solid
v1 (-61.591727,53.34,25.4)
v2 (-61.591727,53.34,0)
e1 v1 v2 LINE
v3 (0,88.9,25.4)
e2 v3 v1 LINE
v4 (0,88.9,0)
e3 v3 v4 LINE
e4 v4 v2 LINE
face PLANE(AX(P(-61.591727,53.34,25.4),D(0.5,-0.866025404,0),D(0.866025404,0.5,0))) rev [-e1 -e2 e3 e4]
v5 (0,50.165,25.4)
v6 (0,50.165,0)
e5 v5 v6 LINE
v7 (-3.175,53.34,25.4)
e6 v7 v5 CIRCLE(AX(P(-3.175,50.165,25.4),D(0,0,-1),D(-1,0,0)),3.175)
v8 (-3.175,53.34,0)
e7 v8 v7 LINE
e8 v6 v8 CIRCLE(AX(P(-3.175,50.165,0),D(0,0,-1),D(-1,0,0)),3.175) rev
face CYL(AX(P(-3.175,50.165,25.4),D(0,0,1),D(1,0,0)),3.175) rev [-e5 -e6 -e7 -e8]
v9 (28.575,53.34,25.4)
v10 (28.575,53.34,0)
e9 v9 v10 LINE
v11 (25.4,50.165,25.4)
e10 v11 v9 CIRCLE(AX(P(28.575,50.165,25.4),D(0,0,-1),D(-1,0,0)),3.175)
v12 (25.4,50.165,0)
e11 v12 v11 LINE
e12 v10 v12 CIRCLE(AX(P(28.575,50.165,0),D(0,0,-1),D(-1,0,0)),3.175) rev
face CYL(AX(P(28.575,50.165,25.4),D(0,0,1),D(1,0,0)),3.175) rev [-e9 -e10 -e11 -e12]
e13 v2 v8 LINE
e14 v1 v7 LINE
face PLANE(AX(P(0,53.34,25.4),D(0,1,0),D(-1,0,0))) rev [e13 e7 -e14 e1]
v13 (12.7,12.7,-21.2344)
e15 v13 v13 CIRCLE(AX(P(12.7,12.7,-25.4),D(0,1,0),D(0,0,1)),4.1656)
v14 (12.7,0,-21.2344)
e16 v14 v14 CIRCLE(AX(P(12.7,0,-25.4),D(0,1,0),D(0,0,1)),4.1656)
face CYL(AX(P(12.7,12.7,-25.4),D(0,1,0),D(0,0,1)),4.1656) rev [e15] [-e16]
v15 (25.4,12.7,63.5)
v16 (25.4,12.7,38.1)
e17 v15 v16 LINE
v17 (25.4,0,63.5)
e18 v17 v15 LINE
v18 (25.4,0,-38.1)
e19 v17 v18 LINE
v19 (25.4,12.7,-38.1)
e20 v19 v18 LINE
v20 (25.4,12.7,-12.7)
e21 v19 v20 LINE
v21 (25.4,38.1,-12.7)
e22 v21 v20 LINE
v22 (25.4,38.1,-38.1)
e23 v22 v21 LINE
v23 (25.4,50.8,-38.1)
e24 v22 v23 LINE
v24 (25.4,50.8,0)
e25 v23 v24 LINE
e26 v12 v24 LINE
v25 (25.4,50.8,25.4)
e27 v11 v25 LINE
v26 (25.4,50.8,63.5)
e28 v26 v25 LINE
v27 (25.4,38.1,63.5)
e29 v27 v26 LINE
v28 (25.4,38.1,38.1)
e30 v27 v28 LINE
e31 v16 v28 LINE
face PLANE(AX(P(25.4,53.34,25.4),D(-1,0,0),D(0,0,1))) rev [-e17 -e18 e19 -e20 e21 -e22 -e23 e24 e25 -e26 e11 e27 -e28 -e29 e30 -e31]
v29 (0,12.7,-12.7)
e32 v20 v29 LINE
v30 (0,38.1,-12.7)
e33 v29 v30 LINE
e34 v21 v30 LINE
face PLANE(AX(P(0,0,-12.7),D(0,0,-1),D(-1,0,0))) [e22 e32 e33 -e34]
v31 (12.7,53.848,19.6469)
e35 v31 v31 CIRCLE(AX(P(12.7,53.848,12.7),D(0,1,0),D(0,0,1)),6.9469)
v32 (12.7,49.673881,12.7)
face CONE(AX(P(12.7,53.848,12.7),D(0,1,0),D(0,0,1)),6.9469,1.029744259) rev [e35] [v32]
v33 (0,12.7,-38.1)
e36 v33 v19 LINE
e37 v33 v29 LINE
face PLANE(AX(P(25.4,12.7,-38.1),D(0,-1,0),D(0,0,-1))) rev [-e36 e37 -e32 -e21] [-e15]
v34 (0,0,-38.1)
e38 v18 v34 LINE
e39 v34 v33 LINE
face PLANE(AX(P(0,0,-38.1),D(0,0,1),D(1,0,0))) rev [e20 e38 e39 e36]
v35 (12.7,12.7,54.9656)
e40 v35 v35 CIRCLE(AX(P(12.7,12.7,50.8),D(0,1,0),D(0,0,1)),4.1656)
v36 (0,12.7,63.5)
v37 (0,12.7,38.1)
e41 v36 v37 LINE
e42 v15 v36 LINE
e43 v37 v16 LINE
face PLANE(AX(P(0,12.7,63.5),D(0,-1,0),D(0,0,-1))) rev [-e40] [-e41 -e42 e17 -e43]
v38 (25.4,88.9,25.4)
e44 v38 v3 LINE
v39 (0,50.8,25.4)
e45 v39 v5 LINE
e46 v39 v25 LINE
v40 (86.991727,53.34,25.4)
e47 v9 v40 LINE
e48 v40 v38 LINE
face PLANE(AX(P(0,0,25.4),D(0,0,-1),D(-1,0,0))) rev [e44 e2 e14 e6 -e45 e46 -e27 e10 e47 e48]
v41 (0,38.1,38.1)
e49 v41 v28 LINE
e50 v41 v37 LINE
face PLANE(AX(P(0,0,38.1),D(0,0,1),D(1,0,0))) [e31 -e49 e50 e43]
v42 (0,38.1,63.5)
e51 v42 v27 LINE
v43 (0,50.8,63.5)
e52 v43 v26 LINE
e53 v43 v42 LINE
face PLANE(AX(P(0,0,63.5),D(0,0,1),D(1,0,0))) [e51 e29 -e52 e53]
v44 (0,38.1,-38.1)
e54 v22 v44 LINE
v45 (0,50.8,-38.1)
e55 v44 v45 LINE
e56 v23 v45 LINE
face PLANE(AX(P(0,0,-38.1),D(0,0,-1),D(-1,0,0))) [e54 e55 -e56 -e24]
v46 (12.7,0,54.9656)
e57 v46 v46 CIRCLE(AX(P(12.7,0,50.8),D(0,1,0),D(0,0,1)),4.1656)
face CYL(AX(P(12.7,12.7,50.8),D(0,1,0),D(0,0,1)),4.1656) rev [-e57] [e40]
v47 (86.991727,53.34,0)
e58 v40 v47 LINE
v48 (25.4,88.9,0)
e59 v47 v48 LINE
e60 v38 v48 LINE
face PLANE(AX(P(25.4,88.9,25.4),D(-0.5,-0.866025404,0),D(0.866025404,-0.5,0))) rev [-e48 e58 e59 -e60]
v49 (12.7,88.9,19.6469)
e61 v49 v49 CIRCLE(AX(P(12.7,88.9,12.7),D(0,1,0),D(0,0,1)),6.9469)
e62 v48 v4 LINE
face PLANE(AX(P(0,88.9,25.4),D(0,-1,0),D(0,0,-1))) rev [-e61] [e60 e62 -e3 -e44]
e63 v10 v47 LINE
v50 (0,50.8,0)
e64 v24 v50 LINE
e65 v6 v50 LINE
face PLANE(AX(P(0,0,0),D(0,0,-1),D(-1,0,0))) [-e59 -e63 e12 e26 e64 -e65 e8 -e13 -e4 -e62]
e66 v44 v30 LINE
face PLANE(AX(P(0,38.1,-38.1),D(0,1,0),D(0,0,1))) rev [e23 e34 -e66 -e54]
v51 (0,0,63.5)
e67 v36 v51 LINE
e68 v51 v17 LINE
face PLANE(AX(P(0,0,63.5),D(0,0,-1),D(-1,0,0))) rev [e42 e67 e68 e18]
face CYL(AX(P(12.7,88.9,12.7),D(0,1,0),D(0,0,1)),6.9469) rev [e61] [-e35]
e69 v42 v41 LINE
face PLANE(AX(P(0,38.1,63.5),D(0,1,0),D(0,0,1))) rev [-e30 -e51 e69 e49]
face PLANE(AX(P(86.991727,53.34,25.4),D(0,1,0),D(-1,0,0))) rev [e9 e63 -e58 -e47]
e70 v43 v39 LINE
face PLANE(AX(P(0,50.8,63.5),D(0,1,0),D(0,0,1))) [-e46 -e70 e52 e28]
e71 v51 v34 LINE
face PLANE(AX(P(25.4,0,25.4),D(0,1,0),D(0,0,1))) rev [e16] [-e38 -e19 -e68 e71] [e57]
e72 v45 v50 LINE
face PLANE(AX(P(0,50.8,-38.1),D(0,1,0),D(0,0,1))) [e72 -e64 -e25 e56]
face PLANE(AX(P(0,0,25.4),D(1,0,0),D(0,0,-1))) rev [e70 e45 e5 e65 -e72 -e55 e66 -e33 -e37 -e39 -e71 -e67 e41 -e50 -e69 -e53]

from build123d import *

# Parameters (mm, degrees)
BOSS_EXTRUDE1_DEPTH        = 25.4
SKETCH2_W                  = 25.4
SKETCH2_H                  = 12.7
BOSS_EXTRUDE2_DEPTH        = 38.1
SKETCH3_W                  = 25.4
SKETCH3_H                  = 12.7
BOSS_EXTRUDE3_DEPTH        = 38.1
F_0_328IN_DOWEL_HOLE1_D    = 8.3312
F_0_55IN_DOWEL_HOLE2_D     = 13.8938
F_0_55IN_DOWEL_HOLE2_DEPTH = 35.052
F_0_55IN_DOWEL_HOLE2_TIP   = 4.174118634
FILLET1_R                  = 3.175
SKETCH8_W                  = 25.4
SKETCH8_H                  = 25.4
BOSS_EXTRUDE4_DEPTH        = 12.7
BOSS_EXTRUDE5_DEPTH        = 38.1
SKETCH9_W                  = 25.4
SKETCH9_H                  = 25.4
BOSS_EXTRUDE6_DEPTH        = 12.7
BOSS_EXTRUDE7_DEPTH        = 38.1


with BuildPart() as part:
    # Sketch1 → Boss-Extrude1 (new body)
    with BuildSketch(Plane.XY):
        Polygon((0, 0), (0, 53.34), (-61.591726717, 53.34), (0, 88.9), (25.4, 88.9), (86.991726717, 53.34), (25.4, 53.34), (25.4, 0), align=None)
    extrude(amount=BOSS_EXTRUDE1_DEPTH)

    # Sketch2 → Boss-Extrude2 (add)
    with BuildSketch(Plane.XY.offset(25.4)):
        with Locations((12.7, 6.35)):
            Rectangle(SKETCH2_W, SKETCH2_H)
    extrude(amount=BOSS_EXTRUDE2_DEPTH)

    # Sketch3 → Boss-Extrude3 (add)
    with BuildSketch(Plane(origin=(0, 0, 0), x_dir=(-1, 0, 0), z_dir=(0, 0, -1))):
        with Locations((-12.7, 6.35)):
            Rectangle(SKETCH3_W, SKETCH3_H)
    extrude(amount=BOSS_EXTRUDE3_DEPTH)

    # Ø0.328in Dowel Hole1 (through all)
    with Locations(Plane(origin=(0, 12.7, 0), x_dir=(1, 0, 0), z_dir=(0, 1, 0))):
        with Locations((12.7, 25.4), (12.7, -50.8)):
            Hole(F_0_328IN_DOWEL_HOLE1_D / 2)

    # Ø0.55in Dowel Hole2
    with Locations(Plane(origin=(0, 88.9, 0), x_dir=(1, 0, 0), z_dir=(0, 1, 0))):
        with Locations((12.7, -12.7)):
            Hole(F_0_55IN_DOWEL_HOLE2_D / 2, depth=F_0_55IN_DOWEL_HOLE2_DEPTH)
            with Locations((0, 0, -(F_0_55IN_DOWEL_HOLE2_DEPTH + F_0_55IN_DOWEL_HOLE2_TIP / 2))):  # 118° drill point
                Cone(0, F_0_55IN_DOWEL_HOLE2_D / 2, F_0_55IN_DOWEL_HOLE2_TIP, mode=Mode.SUBTRACT)

    # Fillet1
    fillet1_edges = [part.edges().sort_by_distance(p)[0] for p in [
        (0, 53.34, 12.7),
        (25.4, 53.34, 12.7),
    ]]
    fillet(fillet1_edges, radius=FILLET1_R)

    # Sketch8 → Boss-Extrude4 (add)
    with BuildSketch(Plane.XY.offset(25.4)):
        with Locations((12.7, 25.4)):
            Rectangle(SKETCH8_W, SKETCH8_H)
    extrude(amount=BOSS_EXTRUDE4_DEPTH)

    # Sketch8<3> → Boss-Extrude5 (add)
    with BuildSketch(Plane.XY.offset(25.4)):
        Polygon((0, 50.165), (0, 38.1), (25.4, 38.1), (25.4, 50.8), (0, 50.8), align=None)
    extrude(amount=BOSS_EXTRUDE5_DEPTH)

    # Sketch9 → Boss-Extrude6 (add)
    with BuildSketch(Plane(origin=(0, 0, 0), x_dir=(-1, 0, 0), z_dir=(0, 0, -1))):
        with Locations((-12.7, 25.4)):
            Rectangle(SKETCH9_W, SKETCH9_H)
    extrude(amount=BOSS_EXTRUDE6_DEPTH)

    # Sketch9<3> → Boss-Extrude7 (add)
    with BuildSketch(Plane(origin=(0, 0, 0), x_dir=(-1, 0, 0), z_dir=(0, 0, -1))):
        Polygon((-25.4, 50.165), (-25.4, 38.1), (0, 38.1), (0, 50.165), (0, 50.8), (-25.4, 50.8), align=None)
    extrude(amount=BOSS_EXTRUDE7_DEPTH)


solid = part.part
